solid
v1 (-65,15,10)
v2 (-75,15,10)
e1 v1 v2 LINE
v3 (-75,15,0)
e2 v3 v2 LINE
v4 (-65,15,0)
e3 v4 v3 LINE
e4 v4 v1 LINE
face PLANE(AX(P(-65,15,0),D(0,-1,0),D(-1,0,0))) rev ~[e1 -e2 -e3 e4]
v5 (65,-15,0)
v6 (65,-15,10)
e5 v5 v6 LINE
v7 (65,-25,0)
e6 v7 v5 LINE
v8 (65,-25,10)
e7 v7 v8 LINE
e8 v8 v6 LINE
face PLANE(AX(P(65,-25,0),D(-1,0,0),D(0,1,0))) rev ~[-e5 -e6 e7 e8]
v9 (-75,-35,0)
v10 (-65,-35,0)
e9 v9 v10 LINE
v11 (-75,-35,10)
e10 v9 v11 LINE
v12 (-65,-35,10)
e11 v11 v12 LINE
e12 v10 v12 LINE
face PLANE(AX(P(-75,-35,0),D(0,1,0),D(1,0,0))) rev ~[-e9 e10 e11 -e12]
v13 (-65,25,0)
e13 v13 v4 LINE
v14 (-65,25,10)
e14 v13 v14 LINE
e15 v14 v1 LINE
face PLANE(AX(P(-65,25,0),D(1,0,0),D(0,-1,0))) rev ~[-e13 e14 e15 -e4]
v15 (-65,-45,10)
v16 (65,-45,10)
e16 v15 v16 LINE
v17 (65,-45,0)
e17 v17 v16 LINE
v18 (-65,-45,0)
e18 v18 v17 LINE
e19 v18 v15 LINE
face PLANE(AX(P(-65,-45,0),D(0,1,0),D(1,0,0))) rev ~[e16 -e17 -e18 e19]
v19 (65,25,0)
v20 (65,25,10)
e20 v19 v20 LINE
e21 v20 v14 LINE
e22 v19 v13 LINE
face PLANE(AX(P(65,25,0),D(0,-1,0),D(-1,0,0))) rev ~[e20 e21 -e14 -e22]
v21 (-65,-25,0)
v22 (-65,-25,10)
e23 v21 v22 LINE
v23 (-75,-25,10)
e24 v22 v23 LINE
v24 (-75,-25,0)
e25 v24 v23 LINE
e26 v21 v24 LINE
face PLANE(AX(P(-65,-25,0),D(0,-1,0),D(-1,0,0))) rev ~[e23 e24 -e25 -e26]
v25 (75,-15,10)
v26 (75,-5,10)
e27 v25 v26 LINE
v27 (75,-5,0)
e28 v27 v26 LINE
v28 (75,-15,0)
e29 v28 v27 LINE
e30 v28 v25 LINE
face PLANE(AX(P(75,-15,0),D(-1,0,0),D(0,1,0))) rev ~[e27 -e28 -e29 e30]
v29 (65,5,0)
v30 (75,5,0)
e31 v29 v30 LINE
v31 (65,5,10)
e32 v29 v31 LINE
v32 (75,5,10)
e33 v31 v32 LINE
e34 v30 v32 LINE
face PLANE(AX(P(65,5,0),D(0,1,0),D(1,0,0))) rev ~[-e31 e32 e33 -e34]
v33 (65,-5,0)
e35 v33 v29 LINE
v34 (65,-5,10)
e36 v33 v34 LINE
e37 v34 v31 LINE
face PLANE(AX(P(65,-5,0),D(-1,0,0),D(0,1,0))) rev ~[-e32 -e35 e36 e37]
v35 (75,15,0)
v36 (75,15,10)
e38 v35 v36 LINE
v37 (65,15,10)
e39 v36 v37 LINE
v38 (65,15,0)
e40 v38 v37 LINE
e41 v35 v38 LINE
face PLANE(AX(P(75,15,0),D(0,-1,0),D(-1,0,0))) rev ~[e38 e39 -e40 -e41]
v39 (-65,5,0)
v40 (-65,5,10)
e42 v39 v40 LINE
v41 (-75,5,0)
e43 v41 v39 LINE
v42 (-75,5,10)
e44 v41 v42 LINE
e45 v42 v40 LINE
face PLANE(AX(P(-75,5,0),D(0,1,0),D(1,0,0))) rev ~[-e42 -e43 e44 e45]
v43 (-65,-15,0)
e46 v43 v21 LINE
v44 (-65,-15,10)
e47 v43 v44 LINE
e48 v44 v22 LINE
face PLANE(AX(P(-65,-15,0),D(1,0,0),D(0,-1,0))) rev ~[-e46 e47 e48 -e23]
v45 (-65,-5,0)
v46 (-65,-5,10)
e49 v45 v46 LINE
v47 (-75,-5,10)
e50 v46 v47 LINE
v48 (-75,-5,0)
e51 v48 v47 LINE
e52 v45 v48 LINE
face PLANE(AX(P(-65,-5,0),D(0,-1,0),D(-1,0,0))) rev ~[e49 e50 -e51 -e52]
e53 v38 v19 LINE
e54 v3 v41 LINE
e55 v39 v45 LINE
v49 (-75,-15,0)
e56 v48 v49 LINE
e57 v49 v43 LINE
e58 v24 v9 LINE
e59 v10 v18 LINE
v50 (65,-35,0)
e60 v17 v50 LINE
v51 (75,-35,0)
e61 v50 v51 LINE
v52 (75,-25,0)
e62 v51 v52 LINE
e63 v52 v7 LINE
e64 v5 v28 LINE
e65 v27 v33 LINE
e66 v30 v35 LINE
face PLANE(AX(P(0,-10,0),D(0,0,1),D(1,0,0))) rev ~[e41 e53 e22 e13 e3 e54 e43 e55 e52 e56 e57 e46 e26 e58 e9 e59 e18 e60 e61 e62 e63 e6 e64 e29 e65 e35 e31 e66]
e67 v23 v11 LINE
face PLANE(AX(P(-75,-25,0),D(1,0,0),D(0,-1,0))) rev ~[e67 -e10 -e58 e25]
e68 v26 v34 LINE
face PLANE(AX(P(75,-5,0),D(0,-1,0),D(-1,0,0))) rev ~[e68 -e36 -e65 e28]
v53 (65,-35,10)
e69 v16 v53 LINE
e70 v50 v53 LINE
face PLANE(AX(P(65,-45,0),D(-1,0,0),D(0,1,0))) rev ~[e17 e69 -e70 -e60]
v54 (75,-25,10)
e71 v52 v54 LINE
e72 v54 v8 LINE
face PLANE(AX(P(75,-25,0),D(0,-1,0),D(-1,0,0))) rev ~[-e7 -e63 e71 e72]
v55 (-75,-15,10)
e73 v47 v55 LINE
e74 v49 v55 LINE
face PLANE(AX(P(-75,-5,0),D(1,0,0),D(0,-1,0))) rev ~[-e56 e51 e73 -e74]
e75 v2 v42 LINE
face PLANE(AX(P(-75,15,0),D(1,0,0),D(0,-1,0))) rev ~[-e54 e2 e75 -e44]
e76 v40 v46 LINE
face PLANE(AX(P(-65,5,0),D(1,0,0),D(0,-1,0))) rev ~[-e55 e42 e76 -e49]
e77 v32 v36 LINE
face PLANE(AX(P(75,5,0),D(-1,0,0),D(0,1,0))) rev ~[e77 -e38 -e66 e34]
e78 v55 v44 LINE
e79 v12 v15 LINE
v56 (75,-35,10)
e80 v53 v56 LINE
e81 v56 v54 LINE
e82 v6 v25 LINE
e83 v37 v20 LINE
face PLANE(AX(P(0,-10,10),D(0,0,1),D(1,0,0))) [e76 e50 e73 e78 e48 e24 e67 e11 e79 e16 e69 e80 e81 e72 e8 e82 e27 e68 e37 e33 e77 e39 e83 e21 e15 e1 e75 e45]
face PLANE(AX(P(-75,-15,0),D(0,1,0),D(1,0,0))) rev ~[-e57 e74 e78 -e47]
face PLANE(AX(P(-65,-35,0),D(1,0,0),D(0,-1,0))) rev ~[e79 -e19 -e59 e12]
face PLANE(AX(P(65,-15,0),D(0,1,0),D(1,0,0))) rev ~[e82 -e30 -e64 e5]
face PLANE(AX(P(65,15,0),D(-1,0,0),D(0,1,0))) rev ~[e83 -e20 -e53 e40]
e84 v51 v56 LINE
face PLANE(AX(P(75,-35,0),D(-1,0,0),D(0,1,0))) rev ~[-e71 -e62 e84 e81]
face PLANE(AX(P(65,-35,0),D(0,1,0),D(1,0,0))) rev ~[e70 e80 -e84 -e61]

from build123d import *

# Parameters (mm, degrees)
F1_DEPTH = 10


with BuildPart() as f1:
    # F0 (on Top) → F1 (new body)
    with BuildSketch(Plane.XY):
        Polygon((0, -45), (65, -45), (65, -35), (75, -35), (75, -25), (65, -25), (65, -15), (75, -15), (75, -5), (65, -5), (65, 5), (75, 5), (75, 15), (65, 15), (65, 25), (-65, 25), (-65, 15), (-75, 15), (-75, 5), (-65, 5), (-65, -5), (-75, -5), (-75, -15), (-65, -15), (-65, -25), (-75, -25), (-75, -35), (-65, -35), (-65, -45), align=None)
    extrude(amount=F1_DEPTH)


solid = f1.part
